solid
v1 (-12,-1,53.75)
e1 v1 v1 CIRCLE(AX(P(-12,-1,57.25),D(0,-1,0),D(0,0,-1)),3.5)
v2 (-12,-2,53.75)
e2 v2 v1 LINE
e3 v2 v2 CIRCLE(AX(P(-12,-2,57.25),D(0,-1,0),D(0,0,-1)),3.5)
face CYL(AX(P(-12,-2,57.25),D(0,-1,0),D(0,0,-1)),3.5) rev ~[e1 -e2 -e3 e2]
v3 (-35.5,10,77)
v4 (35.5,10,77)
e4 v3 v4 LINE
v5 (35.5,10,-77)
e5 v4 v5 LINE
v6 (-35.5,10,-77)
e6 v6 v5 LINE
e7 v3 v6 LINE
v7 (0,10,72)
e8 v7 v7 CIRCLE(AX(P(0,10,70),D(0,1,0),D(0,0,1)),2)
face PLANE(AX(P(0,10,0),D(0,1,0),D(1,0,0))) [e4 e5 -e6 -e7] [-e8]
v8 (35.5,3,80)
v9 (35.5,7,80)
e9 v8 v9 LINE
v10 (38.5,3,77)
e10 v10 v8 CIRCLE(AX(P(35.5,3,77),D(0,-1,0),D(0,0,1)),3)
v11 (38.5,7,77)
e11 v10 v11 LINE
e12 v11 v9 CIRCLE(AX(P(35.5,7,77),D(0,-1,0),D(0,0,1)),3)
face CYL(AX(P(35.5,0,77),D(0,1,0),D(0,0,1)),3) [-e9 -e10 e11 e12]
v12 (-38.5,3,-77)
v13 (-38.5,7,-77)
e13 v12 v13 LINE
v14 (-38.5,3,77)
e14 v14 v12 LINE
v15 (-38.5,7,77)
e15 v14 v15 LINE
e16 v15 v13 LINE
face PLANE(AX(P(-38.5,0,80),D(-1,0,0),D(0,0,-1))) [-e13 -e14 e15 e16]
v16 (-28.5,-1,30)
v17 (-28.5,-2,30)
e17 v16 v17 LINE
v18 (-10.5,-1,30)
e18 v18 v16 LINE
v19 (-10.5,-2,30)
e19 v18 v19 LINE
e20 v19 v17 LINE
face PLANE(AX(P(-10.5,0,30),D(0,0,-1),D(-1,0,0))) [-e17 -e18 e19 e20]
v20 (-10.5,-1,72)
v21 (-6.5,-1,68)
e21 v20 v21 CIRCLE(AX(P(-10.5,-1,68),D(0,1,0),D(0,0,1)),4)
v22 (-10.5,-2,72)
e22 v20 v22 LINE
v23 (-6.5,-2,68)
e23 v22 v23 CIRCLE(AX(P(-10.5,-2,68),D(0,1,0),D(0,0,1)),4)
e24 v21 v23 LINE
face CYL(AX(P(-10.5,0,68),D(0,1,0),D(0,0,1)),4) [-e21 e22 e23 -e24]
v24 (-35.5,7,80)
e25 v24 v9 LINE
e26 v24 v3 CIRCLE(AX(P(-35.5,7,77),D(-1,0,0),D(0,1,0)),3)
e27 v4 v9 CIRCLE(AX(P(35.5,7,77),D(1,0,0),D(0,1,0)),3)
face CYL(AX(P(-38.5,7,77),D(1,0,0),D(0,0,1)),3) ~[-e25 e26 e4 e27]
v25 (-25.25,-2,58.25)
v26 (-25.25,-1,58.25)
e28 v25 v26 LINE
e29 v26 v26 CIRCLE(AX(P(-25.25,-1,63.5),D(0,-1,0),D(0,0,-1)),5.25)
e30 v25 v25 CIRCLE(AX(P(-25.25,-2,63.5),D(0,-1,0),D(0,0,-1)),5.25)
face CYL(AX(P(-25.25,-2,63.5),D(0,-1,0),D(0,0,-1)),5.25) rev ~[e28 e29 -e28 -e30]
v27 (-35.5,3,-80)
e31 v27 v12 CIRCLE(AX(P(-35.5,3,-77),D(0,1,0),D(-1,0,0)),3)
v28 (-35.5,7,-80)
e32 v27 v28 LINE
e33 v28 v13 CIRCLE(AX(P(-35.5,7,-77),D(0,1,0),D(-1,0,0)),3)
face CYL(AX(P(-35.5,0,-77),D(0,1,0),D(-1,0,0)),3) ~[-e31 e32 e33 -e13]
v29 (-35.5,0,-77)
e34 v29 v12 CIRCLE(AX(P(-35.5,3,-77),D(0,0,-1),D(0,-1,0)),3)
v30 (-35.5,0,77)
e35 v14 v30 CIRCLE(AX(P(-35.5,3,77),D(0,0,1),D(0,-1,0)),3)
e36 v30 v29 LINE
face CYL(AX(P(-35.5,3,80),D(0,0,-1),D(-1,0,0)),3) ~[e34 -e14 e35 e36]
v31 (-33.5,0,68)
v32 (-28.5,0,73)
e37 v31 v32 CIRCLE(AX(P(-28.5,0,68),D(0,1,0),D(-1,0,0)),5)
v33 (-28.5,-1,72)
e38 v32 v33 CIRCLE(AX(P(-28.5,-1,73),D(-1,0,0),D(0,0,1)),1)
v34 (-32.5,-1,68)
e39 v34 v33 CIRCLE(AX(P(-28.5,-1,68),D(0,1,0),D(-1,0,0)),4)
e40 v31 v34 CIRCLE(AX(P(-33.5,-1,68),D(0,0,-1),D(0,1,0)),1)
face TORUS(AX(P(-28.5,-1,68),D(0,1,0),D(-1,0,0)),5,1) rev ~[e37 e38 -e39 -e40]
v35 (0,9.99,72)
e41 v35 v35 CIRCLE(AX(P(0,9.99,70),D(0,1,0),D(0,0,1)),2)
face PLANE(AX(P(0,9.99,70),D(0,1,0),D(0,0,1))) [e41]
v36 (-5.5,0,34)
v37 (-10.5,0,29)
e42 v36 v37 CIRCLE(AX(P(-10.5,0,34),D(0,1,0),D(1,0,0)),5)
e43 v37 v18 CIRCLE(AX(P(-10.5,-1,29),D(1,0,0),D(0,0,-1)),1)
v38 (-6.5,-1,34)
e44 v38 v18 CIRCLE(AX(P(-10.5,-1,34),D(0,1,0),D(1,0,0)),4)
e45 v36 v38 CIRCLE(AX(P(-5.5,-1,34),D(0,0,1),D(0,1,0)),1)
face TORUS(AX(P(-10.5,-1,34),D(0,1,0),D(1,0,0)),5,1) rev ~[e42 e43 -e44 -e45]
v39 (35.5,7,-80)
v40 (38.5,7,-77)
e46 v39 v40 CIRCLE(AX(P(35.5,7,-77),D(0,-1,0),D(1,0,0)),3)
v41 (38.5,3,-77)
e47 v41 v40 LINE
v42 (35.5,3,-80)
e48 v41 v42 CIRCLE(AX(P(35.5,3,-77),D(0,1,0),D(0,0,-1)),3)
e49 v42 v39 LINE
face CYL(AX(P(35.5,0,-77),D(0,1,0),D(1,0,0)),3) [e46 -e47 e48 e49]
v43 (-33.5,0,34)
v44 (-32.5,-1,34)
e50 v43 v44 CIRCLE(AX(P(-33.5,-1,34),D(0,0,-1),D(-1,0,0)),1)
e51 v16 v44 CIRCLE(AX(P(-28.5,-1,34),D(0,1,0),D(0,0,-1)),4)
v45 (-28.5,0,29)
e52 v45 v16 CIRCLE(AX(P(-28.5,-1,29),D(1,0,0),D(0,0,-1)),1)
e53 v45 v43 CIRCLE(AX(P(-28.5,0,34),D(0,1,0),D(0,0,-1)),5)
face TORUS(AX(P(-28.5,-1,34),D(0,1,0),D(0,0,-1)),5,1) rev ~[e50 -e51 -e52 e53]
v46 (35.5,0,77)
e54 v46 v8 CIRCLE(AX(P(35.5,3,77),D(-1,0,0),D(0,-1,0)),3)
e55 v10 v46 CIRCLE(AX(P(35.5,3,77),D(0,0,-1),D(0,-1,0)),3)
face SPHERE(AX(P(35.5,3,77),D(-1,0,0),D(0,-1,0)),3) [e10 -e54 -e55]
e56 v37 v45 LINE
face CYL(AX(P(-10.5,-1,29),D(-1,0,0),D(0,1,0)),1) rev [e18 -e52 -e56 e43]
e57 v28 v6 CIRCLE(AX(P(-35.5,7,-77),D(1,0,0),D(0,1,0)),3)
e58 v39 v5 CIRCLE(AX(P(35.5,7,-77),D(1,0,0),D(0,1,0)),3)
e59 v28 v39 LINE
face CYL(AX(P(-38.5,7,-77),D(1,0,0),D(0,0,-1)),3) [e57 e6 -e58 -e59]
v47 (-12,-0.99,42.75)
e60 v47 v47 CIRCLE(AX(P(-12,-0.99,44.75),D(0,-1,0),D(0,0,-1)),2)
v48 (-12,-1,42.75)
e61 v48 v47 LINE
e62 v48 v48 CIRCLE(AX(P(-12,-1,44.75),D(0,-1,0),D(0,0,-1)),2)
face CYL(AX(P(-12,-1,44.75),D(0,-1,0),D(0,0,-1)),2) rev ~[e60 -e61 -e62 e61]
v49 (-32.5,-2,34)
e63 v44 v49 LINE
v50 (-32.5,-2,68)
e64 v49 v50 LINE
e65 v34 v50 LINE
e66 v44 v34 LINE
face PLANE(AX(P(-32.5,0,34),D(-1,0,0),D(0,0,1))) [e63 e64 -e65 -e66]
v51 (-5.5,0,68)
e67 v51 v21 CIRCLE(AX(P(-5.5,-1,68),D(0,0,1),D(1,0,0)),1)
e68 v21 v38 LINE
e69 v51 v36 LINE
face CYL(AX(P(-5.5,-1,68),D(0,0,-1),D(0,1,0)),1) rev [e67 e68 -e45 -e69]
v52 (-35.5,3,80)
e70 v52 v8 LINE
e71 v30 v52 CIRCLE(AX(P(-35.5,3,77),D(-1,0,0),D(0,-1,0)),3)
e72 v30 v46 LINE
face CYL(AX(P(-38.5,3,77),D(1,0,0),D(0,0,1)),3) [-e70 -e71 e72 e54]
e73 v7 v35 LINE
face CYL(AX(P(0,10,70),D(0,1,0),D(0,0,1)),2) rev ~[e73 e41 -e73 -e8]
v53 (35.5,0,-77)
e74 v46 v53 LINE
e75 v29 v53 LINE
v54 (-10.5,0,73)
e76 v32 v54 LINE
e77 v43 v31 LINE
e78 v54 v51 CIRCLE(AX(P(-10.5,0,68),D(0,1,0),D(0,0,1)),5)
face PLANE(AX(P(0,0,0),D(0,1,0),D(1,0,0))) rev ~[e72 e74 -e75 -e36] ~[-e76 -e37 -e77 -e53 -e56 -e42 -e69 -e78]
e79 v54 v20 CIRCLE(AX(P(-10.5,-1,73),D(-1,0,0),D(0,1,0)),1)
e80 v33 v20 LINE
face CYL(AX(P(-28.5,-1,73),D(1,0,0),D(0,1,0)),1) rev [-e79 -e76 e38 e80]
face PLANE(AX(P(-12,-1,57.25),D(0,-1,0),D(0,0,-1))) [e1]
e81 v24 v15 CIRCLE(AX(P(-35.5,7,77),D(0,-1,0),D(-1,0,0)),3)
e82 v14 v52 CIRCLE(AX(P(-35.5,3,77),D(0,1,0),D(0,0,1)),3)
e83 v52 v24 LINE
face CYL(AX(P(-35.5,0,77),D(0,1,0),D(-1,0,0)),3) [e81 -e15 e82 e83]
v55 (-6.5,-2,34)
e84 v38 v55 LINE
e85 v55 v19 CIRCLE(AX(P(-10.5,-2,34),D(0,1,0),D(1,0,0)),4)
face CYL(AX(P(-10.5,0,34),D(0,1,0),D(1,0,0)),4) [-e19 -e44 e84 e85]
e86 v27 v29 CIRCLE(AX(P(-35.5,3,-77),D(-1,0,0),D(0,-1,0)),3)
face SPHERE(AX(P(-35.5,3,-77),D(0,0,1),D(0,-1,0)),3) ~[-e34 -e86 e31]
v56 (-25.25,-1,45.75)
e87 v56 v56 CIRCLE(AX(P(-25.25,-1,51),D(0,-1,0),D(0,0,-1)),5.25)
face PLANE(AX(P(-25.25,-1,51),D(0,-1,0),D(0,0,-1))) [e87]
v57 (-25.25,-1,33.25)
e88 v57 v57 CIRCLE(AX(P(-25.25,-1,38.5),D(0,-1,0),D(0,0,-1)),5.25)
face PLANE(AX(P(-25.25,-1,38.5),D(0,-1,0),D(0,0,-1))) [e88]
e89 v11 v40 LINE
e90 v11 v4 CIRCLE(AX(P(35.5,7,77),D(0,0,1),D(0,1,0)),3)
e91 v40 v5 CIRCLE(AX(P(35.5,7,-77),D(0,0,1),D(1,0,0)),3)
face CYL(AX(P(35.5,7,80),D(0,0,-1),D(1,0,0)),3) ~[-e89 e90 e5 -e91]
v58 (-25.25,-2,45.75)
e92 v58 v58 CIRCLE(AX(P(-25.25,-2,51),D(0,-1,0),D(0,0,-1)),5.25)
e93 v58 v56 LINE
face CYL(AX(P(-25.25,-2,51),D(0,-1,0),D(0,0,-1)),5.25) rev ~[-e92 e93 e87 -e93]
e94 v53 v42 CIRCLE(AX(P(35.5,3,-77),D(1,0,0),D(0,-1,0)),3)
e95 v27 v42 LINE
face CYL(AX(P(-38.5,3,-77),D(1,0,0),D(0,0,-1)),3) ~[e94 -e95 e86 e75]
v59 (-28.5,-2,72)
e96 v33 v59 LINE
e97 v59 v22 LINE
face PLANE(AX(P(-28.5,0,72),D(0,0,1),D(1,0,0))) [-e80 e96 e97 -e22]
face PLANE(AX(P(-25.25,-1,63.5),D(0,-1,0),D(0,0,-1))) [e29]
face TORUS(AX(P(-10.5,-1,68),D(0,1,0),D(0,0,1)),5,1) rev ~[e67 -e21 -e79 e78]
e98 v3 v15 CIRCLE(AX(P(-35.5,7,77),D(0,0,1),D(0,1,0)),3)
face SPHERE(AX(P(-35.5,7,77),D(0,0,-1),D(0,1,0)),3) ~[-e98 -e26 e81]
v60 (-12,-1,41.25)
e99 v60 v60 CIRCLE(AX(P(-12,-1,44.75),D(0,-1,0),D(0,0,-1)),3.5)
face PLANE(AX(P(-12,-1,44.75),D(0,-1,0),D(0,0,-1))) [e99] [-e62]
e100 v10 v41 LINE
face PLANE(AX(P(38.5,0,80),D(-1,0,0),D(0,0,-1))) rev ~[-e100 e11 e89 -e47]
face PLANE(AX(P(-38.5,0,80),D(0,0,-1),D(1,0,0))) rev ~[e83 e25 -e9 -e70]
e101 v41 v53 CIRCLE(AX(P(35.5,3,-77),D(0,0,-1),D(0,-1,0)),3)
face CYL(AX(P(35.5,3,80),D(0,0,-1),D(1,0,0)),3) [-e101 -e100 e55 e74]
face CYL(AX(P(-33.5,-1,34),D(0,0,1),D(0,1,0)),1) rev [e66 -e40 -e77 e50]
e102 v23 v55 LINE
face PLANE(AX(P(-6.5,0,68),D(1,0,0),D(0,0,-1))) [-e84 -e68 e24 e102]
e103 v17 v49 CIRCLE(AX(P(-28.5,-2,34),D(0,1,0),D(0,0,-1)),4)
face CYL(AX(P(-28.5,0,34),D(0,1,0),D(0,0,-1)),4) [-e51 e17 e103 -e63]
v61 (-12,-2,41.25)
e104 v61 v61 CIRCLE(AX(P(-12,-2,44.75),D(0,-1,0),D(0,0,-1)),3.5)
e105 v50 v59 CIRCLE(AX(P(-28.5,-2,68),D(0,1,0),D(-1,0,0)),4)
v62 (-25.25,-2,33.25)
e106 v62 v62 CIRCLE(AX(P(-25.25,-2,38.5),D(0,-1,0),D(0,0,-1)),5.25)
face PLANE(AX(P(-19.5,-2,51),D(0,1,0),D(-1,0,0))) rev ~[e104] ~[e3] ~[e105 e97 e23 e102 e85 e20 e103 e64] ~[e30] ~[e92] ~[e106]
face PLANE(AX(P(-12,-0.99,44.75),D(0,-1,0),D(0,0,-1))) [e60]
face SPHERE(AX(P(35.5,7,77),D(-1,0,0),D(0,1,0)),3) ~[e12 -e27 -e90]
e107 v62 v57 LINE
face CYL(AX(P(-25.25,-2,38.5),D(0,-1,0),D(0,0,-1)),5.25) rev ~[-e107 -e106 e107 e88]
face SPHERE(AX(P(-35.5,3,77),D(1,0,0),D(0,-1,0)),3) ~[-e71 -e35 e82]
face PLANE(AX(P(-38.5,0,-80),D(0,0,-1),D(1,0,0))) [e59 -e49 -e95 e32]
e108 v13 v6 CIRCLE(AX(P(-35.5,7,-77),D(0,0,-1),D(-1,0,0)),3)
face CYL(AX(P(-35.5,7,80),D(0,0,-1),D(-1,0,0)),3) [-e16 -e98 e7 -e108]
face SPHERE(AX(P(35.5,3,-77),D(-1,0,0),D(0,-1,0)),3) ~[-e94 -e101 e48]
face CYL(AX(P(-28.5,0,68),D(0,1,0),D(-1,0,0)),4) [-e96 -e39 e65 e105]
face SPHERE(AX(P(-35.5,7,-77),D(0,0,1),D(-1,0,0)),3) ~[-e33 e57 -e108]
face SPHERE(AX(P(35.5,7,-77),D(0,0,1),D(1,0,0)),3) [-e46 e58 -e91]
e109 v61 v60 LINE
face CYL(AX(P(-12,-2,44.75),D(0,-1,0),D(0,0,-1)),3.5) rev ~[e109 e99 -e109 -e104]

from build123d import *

# Parameters (mm, degrees)
SKETCH1_W           = 77
SKETCH1_H           = 160
BOSS_EXTRUDE1_DEPTH = 10
FILLET1_R           = 3
SKETCH2_R           = 2
CUT_EXTRUDE1_DEPTH  = 0.01
BOSS_EXTRUDE2_DEPTH = 2
FILLET2_R           = 1
SKETCH4_R           = 5.25
SKETCH4_R_2         = 3.5
CUT_EXTRUDE2_DEPTH  = 1
SKETCH5_R           = 2
CUT_EXTRUDE3_DEPTH  = 0.01


with BuildPart() as part:
    # Sketch1 → Boss-Extrude1 (new body)
    with BuildSketch(Plane(origin=(0, 0, 0), x_dir=(1, 0, 0), z_dir=(0, 1, 0))):
        Rectangle(SKETCH1_W, SKETCH1_H)
    extrude(amount=BOSS_EXTRUDE1_DEPTH)

    # Fillet1
    fillet1_edges = [part.edges().sort_by_distance(p)[0] for p in [
        (-38.5, 10, 0),
        (0, 10, 80),
        (38.5, 10, 0),
        (0, 0, 80),
        (-38.5, 0, 0),
        (0, 0, -80),
        (38.5, 0, 0),
        (38.5, 5, 80),
        (-38.5, 5, 80),
        (-38.5, 5, -80),
        (38.5, 5, -80),
        (0, 10, -80),
    ]]
    fillet(fillet1_edges, radius=FILLET1_R)

    # Sketch2 → Cut-Extrude1 (cut)
    with BuildSketch(Plane(origin=(0, 10, 0), x_dir=(1, 0, 0), z_dir=(0, 1, 0))):
        with Locations(Location((0, -70, 0), (0, 0, 270))):
            Circle(SKETCH2_R)
    extrude(amount=-CUT_EXTRUDE1_DEPTH, mode=Mode.SUBTRACT)

    # Sketch3 → Boss-Extrude2 (add)
    with BuildSketch(Plane.XZ):
        with BuildLine():
            Line((-28.5, 72), (-10.5, 72))
            ThreePointArc((-10.5, 72), (-7.671572875, 70.828427125), (-6.5, 68))
            Line((-6.5, 68), (-6.5, 34))
            ThreePointArc((-6.5, 34), (-7.671572875, 31.171572875), (-10.5, 30))
            Line((-10.5, 30), (-28.5, 30))
            ThreePointArc((-28.5, 30), (-31.328427125, 31.171572875), (-32.5, 34))
            Line((-32.5, 34), (-32.5, 68))
            ThreePointArc((-32.5, 68), (-31.328427125, 70.828427125), (-28.5, 72))
        make_face()
    extrude(amount=BOSS_EXTRUDE2_DEPTH)

    # Fillet2
    fillet2_edges = [part.edges().sort_by_distance(p)[0] for p in [
        (-31.328427125, 0, 31.171572875),
        (-19.5, 0, 30),
        (-7.671572875, 0, 31.171572875),
        (-6.5, 0, 51),
        (-7.671572875, 0, 70.828427125),
        (-19.5, 0, 72),
        (-31.328427125, 0, 70.828427125),
        (-32.5, 0, 51),
    ]]
    fillet(fillet2_edges, radius=FILLET2_R)

    # Sketch4 → Cut-Extrude2 (cut)
    with BuildSketch(Plane.XZ.offset(2)):
        with Locations(Location((-25.25, 63.5, 0), (0, 0, 270))):
            Circle(SKETCH4_R)
        with Locations(Location((-25.25, 51, 0), (0, 0, 270))):
            Circle(SKETCH4_R)
        with Locations(Location((-25.25, 38.5, 0), (0, 0, 270))):
            Circle(SKETCH4_R)
        with Locations(Location((-12, 57.25, 0), (0, 0, 270))):
            Circle(SKETCH4_R_2)
        with Locations(Location((-12, 44.75, 0), (0, 0, 270))):
            Circle(SKETCH4_R_2)
    extrude(amount=-CUT_EXTRUDE2_DEPTH, mode=Mode.SUBTRACT)

    # Sketch5 → Cut-Extrude3 (cut)
    with BuildSketch(Plane.XZ.offset(1)):
        with Locations(Location((-12, 44.75, 0), (0, 0, 270))):
            Circle(SKETCH5_R)
    extrude(amount=-CUT_EXTRUDE3_DEPTH, mode=Mode.SUBTRACT)


solid = part.part
